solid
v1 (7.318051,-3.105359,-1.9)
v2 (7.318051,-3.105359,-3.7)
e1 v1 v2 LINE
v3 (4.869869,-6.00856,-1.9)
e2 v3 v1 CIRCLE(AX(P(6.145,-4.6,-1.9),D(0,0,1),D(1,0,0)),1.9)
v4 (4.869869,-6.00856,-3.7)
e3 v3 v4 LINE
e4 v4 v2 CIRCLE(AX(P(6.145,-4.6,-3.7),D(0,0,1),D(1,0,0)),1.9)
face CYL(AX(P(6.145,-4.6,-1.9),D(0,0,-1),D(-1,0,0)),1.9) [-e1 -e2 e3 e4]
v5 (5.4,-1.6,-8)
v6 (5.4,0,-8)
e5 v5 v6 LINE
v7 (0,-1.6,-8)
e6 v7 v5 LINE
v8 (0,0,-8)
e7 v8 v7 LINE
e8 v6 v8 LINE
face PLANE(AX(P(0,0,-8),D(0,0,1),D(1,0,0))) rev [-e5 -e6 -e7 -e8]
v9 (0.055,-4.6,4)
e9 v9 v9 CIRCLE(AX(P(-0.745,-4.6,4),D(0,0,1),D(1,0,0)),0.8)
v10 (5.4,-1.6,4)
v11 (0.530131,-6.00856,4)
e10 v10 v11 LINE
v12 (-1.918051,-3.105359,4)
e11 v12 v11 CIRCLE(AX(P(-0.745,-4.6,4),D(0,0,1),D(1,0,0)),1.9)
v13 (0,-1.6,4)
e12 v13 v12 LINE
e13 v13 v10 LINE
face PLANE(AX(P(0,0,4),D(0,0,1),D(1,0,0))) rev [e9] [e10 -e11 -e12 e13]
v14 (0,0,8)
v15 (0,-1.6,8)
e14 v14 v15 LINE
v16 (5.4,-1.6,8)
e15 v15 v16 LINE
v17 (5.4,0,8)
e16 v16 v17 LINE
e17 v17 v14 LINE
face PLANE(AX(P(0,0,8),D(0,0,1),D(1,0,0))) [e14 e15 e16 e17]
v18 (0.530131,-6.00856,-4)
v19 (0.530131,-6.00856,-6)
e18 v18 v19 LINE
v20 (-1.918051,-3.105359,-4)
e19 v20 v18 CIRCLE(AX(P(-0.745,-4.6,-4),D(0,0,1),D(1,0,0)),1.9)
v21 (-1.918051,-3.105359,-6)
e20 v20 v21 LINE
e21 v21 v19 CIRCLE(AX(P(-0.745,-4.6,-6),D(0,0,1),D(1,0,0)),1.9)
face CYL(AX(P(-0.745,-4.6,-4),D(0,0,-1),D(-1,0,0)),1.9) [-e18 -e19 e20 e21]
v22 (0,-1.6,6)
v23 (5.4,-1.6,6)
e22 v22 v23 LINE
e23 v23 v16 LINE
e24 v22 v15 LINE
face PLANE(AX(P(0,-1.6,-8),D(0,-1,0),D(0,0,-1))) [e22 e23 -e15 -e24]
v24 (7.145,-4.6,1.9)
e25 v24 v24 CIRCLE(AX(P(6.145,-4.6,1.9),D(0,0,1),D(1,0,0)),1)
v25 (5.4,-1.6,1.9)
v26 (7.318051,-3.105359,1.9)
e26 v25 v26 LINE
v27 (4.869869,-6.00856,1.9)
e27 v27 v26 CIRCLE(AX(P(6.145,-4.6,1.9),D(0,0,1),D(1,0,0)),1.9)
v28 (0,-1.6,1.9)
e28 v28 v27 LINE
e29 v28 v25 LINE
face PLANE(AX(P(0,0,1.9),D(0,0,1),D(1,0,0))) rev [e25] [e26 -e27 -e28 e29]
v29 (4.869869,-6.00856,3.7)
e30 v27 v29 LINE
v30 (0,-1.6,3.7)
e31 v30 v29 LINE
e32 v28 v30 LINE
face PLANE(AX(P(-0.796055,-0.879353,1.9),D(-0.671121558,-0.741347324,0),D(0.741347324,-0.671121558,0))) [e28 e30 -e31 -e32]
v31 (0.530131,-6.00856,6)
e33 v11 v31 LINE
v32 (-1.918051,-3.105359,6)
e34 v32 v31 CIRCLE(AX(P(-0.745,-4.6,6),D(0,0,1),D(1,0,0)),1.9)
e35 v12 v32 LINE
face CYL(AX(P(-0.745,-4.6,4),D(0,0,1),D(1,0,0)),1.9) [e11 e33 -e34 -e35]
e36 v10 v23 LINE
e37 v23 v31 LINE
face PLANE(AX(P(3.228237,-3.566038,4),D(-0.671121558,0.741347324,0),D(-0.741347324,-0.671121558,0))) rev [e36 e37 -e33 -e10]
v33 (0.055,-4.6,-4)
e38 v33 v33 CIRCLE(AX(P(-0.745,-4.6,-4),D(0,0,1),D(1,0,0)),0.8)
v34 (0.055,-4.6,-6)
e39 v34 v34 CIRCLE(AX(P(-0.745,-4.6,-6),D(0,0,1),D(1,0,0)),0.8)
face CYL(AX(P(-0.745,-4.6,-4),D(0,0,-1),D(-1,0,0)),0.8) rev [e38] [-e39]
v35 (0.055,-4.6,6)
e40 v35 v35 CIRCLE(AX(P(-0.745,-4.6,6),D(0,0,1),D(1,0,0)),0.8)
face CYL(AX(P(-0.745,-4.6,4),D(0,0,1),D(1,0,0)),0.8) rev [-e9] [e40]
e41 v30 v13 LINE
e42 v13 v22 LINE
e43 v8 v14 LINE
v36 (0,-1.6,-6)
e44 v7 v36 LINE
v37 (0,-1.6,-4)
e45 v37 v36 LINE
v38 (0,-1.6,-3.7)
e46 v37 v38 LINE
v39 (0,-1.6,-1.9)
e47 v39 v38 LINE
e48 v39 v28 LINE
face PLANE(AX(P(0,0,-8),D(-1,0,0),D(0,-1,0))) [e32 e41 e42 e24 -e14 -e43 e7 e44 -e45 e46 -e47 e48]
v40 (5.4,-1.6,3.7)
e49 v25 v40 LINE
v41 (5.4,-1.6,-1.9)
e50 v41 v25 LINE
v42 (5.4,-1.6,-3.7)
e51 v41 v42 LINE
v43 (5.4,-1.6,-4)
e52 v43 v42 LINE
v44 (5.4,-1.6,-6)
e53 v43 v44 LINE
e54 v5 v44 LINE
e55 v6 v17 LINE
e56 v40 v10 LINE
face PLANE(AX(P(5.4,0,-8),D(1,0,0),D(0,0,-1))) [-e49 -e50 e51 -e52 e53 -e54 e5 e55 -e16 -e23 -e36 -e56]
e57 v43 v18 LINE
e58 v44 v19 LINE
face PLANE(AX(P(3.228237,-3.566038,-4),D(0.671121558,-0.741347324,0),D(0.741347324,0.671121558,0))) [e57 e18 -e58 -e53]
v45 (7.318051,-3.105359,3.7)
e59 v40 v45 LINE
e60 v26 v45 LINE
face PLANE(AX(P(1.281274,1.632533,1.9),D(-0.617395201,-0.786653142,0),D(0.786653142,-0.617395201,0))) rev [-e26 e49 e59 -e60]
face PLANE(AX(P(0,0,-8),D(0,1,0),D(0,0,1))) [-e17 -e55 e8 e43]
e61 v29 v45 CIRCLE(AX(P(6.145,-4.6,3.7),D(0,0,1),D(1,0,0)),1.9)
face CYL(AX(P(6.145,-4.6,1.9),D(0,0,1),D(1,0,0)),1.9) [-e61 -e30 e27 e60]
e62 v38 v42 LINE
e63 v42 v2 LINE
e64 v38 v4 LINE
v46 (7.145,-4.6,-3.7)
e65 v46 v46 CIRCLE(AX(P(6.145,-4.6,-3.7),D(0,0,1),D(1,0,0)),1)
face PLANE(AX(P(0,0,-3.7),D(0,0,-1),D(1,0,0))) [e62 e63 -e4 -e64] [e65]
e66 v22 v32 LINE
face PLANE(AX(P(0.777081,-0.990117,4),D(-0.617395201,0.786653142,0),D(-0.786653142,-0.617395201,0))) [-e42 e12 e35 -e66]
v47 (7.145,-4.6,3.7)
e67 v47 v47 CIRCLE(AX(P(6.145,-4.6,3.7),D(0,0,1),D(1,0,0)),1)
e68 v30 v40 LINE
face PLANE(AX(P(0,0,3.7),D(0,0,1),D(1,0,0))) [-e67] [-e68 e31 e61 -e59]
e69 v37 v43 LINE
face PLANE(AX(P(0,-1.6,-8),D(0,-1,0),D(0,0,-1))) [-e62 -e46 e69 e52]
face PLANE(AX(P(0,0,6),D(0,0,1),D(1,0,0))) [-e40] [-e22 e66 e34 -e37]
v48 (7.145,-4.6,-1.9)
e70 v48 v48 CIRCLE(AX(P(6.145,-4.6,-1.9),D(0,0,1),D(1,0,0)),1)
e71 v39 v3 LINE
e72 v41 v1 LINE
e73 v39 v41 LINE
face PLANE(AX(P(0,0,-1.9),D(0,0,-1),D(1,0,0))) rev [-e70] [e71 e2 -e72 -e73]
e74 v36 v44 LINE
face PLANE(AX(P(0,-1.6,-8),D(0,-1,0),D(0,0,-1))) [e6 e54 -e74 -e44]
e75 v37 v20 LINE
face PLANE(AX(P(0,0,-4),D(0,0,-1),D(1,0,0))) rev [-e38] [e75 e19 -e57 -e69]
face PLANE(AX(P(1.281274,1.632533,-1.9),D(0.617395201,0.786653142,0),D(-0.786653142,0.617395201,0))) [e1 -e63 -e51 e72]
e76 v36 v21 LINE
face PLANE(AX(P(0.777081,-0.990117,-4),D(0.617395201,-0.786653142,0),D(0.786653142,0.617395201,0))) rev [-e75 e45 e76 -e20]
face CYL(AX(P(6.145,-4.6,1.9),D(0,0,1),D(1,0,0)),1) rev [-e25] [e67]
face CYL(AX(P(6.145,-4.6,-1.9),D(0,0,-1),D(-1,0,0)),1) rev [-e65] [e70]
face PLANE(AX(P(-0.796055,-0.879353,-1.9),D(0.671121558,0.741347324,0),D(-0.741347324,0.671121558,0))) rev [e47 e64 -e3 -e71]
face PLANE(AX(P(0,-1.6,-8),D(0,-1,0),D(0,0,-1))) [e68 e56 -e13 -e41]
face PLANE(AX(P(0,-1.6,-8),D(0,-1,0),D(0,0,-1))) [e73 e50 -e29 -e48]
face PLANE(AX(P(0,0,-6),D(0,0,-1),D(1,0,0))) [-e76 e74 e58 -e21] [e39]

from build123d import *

# Parameters (mm, degrees)
EXTRUDE_1_DEPTH      = 8
EXTRUDE_1_DEPTH_BACK = 8
SKETCH_1_W           = 5.4
SKETCH_1_H           = 1.6
SKETCH_3_R           = 0.8
EXTRUDE_2_DEPTH      = 2
SKETCH_5_R           = 1
EXTRUDE_3_DEPTH      = 1.8


with BuildPart() as part:
    # 草图1 → 凸台-拉伸1 (new, two sides: drawn at the far end of the back side and taken through both)
    with BuildSketch(Plane.XY.offset(-EXTRUDE_1_DEPTH_BACK)):
        with Locations((2.7, -0.8)):
            Rectangle(SKETCH_1_W, SKETCH_1_H)
    extrude(amount=EXTRUDE_1_DEPTH + EXTRUDE_1_DEPTH_BACK)

    # 草图3 → 凸台-拉伸2 (add)
    with BuildSketch(Plane.XY.offset(6)):
        with BuildLine():
            Line((5.4, -1.6), (0, -1.6))
            Line((0, -1.6), (-1.918050883, -3.105359031))
            ThreePointArc((-1.918050883, -3.105359031), (-2.19749748, -5.824847366), (0.53013096, -6.008559916))
            Line((0.53013096, -6.008559916), (5.4, -1.6))
        make_face()
        with Locations((-0.745, -4.6)):
            Circle(SKETCH_3_R, mode=Mode.SUBTRACT)
    extrude_2 = extrude(amount=-EXTRUDE_2_DEPTH)

    # 草图5 → 凸台-拉伸3 (add)
    with BuildSketch(Plane.XY.offset(3.7)):
        with BuildLine():
            Line((7.318050883, -3.105359031), (5.4, -1.6))
            Line((5.4, -1.6), (0, -1.6))
            Line((0, -1.6), (4.86986904, -6.008559916))
            ThreePointArc((4.86986904, -6.008559916), (7.59749748, -5.824847366), (7.318050883, -3.105359031))
        make_face()
        with Locations((6.145, -4.6)):
            Circle(SKETCH_5_R, mode=Mode.SUBTRACT)
    extrude_3 = extrude(amount=-EXTRUDE_3_DEPTH)

    # 镜向1: 凸台-拉伸2, 凸台-拉伸3 across plane
    add(extrude_2.mirror(Plane.XY))
    add(extrude_3.mirror(Plane.XY))


solid = part.part
